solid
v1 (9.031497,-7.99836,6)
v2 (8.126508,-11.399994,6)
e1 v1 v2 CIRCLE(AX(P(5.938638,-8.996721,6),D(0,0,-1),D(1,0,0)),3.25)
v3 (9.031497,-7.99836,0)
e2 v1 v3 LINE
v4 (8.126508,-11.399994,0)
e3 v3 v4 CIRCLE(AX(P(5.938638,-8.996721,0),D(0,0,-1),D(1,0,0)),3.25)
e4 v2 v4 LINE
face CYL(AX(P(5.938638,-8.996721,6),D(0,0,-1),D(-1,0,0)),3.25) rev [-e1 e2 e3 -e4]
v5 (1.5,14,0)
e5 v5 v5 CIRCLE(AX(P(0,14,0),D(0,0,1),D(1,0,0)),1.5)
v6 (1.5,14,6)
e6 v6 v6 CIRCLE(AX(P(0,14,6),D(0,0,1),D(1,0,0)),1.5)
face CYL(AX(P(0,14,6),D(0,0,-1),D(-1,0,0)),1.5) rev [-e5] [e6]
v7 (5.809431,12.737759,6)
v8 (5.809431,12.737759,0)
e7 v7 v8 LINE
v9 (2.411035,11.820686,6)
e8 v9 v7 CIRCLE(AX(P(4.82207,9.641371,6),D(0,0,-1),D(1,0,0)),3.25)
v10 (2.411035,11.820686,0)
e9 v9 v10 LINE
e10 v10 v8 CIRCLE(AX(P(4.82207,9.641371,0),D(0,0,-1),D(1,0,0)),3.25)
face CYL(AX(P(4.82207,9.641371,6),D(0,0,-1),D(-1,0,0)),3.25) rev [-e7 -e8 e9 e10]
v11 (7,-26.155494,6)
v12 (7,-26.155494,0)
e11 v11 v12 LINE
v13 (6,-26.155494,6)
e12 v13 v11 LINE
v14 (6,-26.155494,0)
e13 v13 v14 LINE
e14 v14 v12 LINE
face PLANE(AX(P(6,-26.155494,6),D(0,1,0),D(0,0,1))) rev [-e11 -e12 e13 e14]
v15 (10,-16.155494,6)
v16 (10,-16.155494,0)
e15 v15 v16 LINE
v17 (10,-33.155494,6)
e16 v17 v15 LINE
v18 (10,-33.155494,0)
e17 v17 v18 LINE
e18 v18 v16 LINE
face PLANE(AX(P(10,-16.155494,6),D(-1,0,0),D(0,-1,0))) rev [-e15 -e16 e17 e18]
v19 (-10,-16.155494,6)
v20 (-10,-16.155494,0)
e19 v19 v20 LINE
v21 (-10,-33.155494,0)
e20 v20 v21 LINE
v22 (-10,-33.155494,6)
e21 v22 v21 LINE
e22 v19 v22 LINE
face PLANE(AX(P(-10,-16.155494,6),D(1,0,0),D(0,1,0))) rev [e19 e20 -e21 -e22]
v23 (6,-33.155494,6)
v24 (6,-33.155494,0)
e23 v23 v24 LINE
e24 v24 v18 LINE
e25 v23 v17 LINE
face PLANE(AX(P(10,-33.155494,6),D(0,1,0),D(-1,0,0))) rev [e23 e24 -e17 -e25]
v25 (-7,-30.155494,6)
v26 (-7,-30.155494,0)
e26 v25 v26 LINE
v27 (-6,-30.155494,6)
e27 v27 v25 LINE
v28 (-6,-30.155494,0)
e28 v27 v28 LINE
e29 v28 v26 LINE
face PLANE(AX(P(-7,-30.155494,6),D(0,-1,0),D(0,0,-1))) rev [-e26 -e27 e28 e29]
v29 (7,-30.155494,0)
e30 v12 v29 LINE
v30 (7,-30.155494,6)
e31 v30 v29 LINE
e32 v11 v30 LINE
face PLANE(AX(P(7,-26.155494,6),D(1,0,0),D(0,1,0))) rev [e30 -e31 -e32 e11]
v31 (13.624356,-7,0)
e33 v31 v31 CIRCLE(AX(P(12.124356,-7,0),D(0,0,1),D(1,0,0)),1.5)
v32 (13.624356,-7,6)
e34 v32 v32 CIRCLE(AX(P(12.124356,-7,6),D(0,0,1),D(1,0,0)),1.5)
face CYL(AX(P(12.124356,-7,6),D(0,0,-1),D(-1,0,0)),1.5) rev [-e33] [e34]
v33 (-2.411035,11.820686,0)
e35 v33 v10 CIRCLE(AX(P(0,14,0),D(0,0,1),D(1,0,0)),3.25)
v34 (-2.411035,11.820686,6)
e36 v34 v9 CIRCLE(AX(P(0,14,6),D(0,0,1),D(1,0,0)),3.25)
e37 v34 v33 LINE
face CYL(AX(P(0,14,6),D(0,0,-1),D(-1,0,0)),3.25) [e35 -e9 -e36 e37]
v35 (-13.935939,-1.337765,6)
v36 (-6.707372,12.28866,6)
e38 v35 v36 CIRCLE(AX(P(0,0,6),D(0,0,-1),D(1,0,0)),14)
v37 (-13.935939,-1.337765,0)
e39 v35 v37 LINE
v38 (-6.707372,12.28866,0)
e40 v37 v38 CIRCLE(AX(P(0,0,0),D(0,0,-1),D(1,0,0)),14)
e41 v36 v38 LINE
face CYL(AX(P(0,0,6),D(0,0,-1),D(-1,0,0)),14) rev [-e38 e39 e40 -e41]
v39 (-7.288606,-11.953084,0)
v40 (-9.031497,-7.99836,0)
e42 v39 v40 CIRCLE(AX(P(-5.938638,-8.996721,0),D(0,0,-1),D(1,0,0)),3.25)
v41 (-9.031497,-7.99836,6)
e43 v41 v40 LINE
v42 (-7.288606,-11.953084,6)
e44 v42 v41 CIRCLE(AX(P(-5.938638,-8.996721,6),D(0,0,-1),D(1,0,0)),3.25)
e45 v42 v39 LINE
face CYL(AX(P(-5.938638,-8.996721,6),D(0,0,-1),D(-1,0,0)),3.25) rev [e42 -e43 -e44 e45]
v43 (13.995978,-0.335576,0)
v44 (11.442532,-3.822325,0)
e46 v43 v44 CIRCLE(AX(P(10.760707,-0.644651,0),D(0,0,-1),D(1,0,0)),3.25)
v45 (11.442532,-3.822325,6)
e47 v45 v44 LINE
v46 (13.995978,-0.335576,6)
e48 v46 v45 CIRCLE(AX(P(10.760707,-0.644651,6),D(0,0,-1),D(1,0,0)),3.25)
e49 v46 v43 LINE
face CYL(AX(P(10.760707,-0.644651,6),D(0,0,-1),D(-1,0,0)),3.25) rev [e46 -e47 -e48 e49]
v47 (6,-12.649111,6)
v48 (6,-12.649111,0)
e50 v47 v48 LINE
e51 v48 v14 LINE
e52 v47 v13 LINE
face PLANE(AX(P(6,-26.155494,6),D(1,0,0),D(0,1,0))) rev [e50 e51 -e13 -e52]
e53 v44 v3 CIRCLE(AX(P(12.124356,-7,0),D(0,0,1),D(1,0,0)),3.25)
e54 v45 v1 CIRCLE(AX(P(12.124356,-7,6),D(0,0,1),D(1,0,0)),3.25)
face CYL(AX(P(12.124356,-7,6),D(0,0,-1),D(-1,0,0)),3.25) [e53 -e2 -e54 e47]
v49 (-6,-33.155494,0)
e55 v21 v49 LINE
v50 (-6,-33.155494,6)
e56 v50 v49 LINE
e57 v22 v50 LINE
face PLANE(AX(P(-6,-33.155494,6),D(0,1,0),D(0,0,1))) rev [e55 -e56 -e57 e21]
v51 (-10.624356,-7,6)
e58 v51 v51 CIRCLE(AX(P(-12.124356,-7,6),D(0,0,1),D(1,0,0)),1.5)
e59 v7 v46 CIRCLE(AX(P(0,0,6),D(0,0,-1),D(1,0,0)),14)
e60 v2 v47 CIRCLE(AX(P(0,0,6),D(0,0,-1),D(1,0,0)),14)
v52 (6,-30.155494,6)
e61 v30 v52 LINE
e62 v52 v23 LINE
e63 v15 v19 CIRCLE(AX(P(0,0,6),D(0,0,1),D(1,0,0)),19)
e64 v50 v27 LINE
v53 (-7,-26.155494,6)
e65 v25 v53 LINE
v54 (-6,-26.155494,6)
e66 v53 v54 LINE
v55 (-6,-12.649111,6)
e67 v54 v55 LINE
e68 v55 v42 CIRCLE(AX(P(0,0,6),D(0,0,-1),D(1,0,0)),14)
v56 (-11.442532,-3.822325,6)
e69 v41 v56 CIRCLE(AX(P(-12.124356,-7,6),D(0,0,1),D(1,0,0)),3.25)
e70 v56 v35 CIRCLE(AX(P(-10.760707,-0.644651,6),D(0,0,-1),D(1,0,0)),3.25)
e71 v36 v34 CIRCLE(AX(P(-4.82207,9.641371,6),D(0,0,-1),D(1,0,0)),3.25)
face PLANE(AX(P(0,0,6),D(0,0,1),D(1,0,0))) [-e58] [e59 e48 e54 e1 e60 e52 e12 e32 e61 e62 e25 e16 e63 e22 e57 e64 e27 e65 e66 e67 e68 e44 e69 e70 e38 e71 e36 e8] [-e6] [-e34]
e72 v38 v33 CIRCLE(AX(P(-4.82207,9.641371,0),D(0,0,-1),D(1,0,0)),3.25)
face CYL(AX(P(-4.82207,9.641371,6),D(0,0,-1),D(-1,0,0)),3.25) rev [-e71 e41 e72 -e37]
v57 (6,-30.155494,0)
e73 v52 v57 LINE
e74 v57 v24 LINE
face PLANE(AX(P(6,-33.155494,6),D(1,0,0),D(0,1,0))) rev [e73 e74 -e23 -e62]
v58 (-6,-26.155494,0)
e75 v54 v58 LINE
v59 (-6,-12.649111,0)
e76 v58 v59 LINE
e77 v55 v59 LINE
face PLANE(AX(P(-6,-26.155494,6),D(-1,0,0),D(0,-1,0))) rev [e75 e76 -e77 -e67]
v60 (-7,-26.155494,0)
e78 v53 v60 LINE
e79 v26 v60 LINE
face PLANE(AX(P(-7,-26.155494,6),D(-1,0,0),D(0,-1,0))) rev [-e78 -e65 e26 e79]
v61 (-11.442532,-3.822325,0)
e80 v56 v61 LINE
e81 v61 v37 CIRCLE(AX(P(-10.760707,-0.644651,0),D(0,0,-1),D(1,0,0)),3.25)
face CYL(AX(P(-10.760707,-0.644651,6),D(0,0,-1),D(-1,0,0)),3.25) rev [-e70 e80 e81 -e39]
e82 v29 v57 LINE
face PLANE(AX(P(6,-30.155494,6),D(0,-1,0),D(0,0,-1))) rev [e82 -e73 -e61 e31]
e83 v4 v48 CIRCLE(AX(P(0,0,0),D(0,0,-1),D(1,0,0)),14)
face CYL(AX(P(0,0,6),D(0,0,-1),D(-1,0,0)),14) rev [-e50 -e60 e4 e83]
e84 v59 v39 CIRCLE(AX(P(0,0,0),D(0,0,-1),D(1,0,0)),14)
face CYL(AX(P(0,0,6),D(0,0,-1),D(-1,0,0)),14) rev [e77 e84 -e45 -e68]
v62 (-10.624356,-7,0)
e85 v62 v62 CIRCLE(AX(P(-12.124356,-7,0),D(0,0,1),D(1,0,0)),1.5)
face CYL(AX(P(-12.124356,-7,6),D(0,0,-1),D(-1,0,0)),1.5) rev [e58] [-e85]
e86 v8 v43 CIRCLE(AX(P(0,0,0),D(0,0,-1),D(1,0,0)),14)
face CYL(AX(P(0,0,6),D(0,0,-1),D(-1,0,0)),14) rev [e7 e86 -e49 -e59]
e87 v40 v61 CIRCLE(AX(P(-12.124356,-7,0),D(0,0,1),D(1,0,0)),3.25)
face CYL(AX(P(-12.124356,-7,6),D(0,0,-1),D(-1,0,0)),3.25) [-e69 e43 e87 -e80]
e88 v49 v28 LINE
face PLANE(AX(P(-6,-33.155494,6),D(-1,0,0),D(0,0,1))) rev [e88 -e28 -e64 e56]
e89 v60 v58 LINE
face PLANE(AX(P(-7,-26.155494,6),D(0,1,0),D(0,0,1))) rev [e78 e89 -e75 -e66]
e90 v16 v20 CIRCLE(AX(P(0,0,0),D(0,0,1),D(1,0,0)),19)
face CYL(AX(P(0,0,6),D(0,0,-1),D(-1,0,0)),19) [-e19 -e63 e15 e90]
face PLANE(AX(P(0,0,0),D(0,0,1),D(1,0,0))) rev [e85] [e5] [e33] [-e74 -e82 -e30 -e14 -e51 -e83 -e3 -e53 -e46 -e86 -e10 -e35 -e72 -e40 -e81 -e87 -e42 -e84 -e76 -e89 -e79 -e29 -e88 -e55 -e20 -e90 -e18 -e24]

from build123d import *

# Parameters (mm, degrees)
ESQUISSE1_R        = 1.5
BOSS_EXTRU_2_DEPTH = 6


with BuildPart() as part:
    # Esquisse1 → Boss.-Extru.2 (new body)
    with BuildSketch(Plane.XY):
        with BuildLine():
            Line((-6, -33.155494421), (-6, -30.155494421))
            Line((-6, -30.155494421), (-7, -30.155494421))
            Line((-7, -30.155494421), (-7, -26.155494421))
            Line((-7, -26.155494421), (-6, -26.155494421))
            Line((-6, -26.155494421), (-6, -12.649110641))
            ThreePointArc((-6, -12.649110641), (-6.653410863, -12.317959405), (-7.288606081, -11.953084179))
            ThreePointArc((-7.288606081, -11.953084179), (-8.912631465, -10.307392628), (-9.031496673, -7.998360322))
            ThreePointArc((-9.031496673, -7.998360322), (-9.309773091, -5.375), (-11.442531564, -3.822325392))
            ThreePointArc((-11.442531564, -3.822325392), (-13.054716827, -2.946828253), (-13.935938611, -1.337764944))
            ThreePointArc((-13.935938611, -1.337764944), (-12.367555464, 6.560760004), (-6.707371512, 12.288660114))
            ThreePointArc((-6.707371512, 12.288660114), (-4.47014813, 12.872261577), (-2.411034891, 11.820685714))
            ThreePointArc((-2.411034891, 11.820685714), (0, 10.75), (2.411034891, 11.820685714))
            ThreePointArc((2.411034891, 11.820685714), (3.975330286, 12.779130538), (5.80943088, 12.737759334))
            ThreePointArc((5.80943088, 12.737759334), (11.865562564, 7.430237213), (13.995977593, -0.335575935))
            ThreePointArc((13.995977593, -0.335575935), (13.382779595, -2.564868949), (11.442531564, -3.822325392))
            ThreePointArc((11.442531564, -3.822325392), (9.309773091, -5.375), (9.031496673, -7.998360322))
            ThreePointArc((9.031496673, -7.998360322), (9.079386541, -9.832302285), (8.126507731, -11.399994391))
            ThreePointArc((8.126507731, -11.399994391), (7.090812931, -12.071469338), (6, -12.649110641))
            Line((6, -12.649110641), (6, -26.155494421))
            Line((6, -26.155494421), (7, -26.155494421))
            Line((7, -26.155494421), (7, -30.155494421))
            Line((7, -30.155494421), (6, -30.155494421))
            Line((6, -30.155494421), (6, -33.155494421))
            Line((6, -33.155494421), (10, -33.155494421))
            Line((10, -33.155494421), (10, -16.155494421))
            ThreePointArc((10, -16.155494421), (0, 19), (-10, -16.155494421))
            Line((-10, -16.155494421), (-10, -33.155494421))
            Line((-10, -33.155494421), (-6, -33.155494421))
        make_face()
        with Locations((0, 14)):
            Circle(ESQUISSE1_R, mode=Mode.SUBTRACT)
        with Locations((12.124355653, -7)):
            Circle(ESQUISSE1_R, mode=Mode.SUBTRACT)
        with Locations((-12.124355653, -7)):
            Circle(ESQUISSE1_R, mode=Mode.SUBTRACT)
    extrude(amount=BOSS_EXTRU_2_DEPTH)


solid = part.part
